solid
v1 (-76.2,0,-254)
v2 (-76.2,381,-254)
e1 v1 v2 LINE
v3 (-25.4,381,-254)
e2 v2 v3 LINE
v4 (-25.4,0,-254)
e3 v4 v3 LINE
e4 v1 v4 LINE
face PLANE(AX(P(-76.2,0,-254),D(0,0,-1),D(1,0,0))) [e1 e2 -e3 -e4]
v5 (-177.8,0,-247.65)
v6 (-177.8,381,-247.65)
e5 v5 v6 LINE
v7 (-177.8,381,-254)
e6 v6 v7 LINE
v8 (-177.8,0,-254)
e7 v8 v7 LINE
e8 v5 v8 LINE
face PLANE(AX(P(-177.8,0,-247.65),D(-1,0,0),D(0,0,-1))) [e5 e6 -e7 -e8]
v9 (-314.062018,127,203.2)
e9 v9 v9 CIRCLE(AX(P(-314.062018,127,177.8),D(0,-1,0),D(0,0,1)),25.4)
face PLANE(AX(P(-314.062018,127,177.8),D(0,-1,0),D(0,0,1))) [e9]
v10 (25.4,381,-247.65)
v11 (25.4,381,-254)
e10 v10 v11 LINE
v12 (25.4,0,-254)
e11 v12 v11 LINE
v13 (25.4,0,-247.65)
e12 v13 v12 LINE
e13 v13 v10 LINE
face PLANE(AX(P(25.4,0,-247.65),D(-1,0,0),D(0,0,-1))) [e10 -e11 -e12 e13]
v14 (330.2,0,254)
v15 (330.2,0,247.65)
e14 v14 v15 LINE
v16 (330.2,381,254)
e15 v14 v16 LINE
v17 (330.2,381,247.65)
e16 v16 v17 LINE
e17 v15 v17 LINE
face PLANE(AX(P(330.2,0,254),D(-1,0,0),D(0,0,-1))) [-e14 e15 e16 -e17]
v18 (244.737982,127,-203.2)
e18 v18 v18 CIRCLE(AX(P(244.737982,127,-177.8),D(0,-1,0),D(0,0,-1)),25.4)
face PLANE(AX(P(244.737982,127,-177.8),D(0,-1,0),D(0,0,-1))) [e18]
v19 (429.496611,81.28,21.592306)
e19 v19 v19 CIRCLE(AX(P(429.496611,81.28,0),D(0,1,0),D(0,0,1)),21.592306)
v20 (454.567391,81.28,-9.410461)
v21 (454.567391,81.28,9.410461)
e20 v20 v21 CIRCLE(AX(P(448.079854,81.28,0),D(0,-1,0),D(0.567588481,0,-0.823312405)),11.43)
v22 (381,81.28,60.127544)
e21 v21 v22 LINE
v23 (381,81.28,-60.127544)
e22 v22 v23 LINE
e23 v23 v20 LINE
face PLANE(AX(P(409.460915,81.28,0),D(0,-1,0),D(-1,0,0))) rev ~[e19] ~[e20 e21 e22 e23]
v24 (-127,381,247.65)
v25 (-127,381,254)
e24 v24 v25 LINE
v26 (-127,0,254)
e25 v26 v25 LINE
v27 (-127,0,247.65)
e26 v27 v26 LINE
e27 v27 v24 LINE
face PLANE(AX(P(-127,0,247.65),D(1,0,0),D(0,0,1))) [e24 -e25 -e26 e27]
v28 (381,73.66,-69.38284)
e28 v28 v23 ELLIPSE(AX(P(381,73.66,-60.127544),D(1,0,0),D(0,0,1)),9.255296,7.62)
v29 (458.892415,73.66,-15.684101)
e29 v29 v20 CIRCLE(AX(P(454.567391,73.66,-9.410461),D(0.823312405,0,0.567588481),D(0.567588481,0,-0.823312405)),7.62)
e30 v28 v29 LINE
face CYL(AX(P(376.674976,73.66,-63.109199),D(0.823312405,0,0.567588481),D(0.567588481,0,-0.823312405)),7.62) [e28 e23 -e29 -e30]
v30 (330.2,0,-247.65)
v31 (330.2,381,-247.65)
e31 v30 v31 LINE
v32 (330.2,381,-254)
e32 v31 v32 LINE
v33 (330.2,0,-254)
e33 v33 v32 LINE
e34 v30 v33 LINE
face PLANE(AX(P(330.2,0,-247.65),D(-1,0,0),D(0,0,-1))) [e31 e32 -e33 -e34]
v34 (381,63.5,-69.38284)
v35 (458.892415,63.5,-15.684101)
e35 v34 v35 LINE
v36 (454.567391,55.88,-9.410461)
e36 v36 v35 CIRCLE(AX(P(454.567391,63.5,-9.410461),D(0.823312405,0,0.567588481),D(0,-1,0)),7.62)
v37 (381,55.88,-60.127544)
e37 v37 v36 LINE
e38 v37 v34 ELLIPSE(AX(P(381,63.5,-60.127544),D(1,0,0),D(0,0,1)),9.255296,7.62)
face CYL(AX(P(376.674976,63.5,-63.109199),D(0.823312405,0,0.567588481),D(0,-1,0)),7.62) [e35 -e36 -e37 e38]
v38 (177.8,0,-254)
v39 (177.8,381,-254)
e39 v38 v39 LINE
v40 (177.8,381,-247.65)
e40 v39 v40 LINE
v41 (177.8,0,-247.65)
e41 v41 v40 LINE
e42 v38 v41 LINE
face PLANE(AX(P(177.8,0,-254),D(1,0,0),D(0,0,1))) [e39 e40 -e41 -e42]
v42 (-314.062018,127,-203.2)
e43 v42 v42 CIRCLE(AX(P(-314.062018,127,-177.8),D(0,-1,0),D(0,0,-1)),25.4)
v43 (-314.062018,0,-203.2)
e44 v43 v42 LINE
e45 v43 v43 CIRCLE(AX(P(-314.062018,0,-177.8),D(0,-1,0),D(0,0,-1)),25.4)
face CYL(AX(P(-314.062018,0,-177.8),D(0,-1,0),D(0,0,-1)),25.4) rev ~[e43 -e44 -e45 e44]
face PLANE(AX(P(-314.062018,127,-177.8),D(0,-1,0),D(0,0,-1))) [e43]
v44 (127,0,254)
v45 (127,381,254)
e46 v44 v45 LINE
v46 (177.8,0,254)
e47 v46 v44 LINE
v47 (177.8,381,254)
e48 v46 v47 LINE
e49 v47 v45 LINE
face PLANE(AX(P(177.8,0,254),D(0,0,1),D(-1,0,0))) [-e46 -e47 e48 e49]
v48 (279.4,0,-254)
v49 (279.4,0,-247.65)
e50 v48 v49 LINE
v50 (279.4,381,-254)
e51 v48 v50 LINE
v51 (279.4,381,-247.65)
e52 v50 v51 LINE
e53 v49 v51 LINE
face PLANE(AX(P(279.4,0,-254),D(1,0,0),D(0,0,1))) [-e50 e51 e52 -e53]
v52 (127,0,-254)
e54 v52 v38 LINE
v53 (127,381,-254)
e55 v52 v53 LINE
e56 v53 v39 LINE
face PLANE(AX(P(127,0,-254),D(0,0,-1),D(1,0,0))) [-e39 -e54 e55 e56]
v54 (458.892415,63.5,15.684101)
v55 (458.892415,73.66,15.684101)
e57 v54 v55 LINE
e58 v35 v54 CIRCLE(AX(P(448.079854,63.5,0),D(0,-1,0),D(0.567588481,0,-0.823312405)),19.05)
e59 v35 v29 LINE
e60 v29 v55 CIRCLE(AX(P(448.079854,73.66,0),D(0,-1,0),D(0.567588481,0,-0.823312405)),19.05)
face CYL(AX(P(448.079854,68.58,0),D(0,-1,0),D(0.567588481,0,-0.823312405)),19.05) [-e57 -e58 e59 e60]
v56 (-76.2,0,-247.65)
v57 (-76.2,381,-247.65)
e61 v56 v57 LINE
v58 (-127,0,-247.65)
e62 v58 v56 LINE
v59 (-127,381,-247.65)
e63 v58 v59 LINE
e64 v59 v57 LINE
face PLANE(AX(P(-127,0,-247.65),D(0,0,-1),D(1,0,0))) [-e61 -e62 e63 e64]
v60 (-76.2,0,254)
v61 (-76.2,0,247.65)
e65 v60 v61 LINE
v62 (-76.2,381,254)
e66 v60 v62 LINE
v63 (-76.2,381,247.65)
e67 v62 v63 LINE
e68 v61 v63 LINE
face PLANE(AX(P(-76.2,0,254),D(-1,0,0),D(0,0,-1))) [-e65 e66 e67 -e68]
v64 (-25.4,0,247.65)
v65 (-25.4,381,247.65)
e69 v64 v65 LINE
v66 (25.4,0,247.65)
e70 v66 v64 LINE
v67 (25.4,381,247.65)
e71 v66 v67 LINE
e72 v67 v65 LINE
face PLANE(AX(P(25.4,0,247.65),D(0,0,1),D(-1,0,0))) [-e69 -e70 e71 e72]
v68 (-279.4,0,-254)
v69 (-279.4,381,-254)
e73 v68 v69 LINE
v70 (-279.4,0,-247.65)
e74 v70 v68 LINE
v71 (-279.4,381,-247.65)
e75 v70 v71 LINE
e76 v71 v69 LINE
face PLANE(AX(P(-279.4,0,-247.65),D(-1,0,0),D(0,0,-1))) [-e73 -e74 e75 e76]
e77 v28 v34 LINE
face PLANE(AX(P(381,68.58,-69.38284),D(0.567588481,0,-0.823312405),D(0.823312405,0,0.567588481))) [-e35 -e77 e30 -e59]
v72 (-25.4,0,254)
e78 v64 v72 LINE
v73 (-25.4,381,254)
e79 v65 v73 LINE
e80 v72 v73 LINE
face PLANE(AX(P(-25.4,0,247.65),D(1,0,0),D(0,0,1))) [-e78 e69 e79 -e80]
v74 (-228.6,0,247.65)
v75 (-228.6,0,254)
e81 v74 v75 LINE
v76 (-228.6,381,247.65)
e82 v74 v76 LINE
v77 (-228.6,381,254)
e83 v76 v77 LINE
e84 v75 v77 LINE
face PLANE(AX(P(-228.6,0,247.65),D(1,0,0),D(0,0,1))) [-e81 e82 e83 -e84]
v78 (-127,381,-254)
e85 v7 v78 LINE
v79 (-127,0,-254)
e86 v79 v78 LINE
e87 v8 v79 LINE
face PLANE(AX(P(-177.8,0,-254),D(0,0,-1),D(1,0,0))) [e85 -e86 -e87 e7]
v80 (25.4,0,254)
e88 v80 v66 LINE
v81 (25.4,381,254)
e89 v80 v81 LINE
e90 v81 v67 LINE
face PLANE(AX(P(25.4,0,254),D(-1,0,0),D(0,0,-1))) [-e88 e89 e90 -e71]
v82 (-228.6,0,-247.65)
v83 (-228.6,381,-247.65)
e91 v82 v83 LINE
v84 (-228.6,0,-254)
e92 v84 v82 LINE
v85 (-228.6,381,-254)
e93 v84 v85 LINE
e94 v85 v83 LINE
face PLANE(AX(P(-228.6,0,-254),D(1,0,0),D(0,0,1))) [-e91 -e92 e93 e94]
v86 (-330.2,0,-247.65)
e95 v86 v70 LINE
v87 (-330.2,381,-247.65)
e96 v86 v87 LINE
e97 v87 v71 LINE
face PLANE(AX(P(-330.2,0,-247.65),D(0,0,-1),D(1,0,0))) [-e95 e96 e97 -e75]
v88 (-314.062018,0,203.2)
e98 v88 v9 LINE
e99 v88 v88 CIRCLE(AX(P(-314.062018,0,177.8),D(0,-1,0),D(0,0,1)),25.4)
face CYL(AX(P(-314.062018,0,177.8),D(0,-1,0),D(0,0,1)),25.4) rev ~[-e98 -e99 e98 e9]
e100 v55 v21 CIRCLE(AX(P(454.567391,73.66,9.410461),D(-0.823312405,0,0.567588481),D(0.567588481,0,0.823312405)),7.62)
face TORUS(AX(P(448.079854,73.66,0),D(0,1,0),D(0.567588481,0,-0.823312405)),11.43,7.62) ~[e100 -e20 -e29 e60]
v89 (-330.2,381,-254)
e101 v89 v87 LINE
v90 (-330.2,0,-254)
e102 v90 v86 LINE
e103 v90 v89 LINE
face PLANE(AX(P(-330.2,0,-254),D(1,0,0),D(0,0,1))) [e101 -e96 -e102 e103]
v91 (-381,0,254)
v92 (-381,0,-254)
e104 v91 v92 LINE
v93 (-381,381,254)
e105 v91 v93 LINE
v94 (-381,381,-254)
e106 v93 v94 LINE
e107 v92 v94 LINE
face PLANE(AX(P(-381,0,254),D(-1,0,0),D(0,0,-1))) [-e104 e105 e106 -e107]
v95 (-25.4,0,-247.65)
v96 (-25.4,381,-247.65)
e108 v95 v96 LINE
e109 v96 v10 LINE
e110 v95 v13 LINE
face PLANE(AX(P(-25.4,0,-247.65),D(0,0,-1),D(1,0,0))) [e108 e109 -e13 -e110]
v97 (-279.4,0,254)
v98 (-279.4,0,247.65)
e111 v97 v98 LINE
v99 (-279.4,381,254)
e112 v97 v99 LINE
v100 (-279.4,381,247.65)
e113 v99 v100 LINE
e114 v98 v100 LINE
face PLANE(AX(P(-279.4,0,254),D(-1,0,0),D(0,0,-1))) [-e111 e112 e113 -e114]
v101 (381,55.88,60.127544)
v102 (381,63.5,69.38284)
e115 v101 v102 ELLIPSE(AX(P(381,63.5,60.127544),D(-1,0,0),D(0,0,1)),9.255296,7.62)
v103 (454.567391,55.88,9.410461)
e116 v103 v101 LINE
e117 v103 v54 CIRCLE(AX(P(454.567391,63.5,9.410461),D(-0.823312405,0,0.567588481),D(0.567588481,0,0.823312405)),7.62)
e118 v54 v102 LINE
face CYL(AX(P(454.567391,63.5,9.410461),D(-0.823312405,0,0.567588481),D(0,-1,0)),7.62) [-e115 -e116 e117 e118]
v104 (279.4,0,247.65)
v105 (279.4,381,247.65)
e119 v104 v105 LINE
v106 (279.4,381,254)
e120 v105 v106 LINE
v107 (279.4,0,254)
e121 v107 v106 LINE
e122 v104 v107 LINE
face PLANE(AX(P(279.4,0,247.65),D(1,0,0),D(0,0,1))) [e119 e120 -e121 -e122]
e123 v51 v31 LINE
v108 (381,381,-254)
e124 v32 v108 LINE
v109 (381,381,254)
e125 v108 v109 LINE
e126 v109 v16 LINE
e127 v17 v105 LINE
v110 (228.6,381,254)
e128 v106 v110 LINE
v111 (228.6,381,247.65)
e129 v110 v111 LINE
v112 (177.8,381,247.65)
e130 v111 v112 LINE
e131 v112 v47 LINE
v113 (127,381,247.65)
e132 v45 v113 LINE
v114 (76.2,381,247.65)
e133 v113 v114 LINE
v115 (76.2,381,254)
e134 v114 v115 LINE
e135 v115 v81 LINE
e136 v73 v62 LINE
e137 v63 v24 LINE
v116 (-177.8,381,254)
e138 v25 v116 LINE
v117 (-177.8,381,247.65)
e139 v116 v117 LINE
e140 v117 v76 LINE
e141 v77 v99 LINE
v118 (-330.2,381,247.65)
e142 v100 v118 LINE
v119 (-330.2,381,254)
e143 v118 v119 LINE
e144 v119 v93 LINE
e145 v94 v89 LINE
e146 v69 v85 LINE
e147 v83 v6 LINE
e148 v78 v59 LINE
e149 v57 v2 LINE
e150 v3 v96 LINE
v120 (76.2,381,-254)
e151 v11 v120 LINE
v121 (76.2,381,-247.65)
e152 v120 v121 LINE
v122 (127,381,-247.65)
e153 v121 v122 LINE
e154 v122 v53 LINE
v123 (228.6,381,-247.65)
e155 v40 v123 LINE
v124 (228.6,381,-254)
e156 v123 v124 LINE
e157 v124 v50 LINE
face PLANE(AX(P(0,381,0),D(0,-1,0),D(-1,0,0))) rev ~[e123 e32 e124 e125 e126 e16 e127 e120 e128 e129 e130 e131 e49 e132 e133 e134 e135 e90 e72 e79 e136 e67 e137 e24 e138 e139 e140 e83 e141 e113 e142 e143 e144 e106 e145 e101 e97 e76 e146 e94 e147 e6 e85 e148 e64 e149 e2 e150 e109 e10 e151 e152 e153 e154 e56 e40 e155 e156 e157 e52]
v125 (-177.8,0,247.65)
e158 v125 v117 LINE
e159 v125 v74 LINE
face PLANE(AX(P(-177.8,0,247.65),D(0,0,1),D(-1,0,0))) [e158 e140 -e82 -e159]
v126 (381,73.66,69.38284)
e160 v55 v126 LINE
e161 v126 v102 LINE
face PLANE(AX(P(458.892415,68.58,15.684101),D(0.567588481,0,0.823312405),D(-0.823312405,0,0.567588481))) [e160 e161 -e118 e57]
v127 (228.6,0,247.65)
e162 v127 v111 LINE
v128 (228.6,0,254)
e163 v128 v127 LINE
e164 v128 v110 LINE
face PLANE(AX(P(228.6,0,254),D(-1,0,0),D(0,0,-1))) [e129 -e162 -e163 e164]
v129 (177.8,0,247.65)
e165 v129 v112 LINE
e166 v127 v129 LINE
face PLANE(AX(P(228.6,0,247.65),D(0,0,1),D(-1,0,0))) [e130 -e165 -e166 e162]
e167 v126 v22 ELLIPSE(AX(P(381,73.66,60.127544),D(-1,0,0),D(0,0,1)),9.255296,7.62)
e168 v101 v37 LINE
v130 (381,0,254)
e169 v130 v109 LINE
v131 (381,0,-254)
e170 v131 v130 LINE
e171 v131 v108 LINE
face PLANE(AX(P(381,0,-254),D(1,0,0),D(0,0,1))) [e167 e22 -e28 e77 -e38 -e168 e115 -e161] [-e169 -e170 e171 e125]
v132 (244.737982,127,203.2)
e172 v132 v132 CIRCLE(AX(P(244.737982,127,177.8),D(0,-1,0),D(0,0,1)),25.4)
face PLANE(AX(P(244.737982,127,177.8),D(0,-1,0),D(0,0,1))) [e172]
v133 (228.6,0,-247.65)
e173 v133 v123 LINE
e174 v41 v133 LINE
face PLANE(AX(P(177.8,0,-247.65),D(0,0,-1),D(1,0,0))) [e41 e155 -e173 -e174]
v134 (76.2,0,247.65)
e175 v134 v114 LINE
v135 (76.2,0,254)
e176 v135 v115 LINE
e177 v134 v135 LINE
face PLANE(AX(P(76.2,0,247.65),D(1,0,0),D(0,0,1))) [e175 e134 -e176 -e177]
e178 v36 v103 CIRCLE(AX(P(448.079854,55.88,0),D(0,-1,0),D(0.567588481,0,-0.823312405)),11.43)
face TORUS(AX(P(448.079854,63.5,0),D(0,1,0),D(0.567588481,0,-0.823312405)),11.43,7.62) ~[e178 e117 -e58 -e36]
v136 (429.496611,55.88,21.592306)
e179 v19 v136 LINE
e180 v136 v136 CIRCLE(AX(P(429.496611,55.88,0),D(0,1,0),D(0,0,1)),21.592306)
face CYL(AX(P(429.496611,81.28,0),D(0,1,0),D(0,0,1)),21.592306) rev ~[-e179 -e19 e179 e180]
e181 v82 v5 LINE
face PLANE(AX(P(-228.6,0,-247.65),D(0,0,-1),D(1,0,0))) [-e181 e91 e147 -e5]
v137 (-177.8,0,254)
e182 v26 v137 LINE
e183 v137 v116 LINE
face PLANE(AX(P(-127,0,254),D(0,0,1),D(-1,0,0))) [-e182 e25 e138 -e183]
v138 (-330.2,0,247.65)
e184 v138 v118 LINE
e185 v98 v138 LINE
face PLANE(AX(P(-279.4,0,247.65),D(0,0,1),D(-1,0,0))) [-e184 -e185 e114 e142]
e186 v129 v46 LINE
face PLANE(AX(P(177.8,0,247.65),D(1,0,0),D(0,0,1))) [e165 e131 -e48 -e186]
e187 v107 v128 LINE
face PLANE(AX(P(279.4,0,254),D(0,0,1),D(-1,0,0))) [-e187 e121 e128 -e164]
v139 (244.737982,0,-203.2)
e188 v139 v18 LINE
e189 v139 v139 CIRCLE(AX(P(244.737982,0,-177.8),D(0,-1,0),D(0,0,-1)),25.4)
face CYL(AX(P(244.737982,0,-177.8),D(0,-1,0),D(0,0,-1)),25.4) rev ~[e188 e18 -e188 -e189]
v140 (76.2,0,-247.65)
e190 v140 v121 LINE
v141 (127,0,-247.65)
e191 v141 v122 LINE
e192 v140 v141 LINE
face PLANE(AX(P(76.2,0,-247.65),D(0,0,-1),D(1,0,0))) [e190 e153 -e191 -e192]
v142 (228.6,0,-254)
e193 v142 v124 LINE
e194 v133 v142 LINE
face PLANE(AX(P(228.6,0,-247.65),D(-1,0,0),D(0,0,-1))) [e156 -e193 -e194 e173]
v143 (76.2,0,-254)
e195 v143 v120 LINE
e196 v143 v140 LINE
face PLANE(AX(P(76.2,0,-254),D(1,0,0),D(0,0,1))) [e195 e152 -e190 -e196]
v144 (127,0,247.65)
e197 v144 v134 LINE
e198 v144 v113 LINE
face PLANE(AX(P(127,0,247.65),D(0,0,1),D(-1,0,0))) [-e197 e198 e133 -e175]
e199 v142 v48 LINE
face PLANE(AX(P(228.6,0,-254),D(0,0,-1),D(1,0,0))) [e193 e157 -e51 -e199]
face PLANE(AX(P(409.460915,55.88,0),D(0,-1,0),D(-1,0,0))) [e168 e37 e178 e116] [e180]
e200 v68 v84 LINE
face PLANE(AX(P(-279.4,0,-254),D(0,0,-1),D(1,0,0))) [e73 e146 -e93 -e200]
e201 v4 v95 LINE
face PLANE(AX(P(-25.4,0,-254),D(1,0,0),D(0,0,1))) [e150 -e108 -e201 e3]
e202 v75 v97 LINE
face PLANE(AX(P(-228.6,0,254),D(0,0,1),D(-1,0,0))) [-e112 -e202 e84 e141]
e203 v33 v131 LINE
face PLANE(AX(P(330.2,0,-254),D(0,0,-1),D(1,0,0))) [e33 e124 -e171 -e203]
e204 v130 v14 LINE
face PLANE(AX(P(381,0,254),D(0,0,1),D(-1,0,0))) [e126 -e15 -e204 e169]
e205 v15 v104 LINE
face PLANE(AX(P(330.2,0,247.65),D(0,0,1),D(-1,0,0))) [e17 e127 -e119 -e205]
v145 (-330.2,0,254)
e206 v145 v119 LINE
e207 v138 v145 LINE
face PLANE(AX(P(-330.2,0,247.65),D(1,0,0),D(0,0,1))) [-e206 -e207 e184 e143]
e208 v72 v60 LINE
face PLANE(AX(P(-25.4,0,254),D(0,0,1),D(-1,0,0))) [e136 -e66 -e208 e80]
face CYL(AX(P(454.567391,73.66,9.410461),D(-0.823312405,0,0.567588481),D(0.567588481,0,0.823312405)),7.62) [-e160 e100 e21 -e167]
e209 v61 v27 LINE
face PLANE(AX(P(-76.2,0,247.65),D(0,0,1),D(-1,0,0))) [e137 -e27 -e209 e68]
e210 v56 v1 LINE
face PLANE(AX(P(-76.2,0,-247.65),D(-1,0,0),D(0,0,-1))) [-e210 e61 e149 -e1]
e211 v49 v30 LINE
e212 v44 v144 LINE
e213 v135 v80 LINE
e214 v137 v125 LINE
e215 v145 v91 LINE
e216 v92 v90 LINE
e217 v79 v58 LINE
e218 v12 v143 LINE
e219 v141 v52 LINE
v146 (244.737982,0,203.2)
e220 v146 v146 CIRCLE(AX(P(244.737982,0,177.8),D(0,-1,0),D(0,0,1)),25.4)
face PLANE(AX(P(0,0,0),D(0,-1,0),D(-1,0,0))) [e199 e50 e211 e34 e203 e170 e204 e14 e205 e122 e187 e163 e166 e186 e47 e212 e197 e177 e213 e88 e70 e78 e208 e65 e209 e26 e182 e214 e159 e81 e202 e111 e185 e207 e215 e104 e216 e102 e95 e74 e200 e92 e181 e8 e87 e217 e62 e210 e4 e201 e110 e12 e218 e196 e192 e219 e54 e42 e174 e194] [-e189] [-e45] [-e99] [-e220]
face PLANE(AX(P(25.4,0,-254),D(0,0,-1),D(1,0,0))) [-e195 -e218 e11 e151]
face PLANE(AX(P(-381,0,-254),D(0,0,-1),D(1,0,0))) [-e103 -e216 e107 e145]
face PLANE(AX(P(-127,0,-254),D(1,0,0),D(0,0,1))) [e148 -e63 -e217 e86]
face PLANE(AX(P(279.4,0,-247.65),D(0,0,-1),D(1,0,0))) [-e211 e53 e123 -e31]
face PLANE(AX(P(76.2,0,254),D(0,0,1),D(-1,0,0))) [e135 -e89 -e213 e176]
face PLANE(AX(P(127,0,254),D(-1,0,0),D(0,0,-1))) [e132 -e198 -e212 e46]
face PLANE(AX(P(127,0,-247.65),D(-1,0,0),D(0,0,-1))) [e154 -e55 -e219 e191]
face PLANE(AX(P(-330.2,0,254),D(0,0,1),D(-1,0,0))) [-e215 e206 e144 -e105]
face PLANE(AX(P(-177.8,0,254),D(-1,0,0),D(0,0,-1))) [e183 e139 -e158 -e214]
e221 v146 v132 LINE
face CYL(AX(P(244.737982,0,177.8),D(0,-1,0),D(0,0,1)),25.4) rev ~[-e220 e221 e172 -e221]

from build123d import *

# Parameters (mm, degrees)
BOSS_EXTRUDE1_DEPTH = 381
BOSS_EXTRUDE2_DEPTH = 12.7
SKETCH4_R           = 21.592305898
CUT_EXTRUDE1_DEPTH  = 25.4
FILLET1_R           = 7.62
SKETCH5_R           = 25.4
CUT_EXTRUDE2_DEPTH  = 127


with BuildPart() as part:
    # Sketch2 → Boss-Extrude1 (new body)
    with BuildSketch(Plane(origin=(0, 0, 0), x_dir=(1, 0, 0), z_dir=(0, 1, 0))):
        Polygon((-381, 254), (-330.2, 254), (-330.2, 247.65), (-279.4, 247.65), (-279.4, 254), (-228.6, 254), (-228.6, 247.65), (-177.8, 247.65), (-177.8, 254), (-127, 254), (-127, 247.65), (-76.2, 247.65), (-76.2, 254), (-25.4, 254), (-25.4, 247.65), (25.4, 247.65), (25.4, 254), (76.2, 254), (76.2, 247.65), (127, 247.65), (127, 254), (177.8, 254), (177.8, 247.65), (228.6, 247.65), (228.6, 254), (279.4, 254), (279.4, 247.65), (330.2, 247.65), (330.2, 254), (381, 254), (381, -254), (330.2, -254), (330.2, -247.65), (279.4, -247.65), (279.4, -254), (228.6, -254), (228.6, -247.65), (177.8, -247.65), (177.8, -254), (127, -254), (127, -247.65), (76.2, -247.65), (76.2, -254), (25.4, -254), (25.4, -247.65), (-25.4, -247.65), (-25.4, -254), (-76.2, -254), (-76.2, -247.65), (-127, -247.65), (-127, -254), (-177.8, -254), (-177.8, -247.65), (-228.6, -247.65), (-228.6, -254), (-279.4, -254), (-279.4, -247.65), (-330.2, -247.65), (-330.2, -254), (-381, -254), align=None)
    extrude(amount=BOSS_EXTRUDE1_DEPTH)

    # Sketch3 → Boss-Extrude2 (add, symmetric)
    with BuildSketch(Plane(origin=(0, 68.58, 0), x_dir=(-1, 0, 0), z_dir=(0, -1, 0))):
        with BuildLine():
            Line((-458.892414986, -15.684101321), (-381, -69.382839719))
            Line((-381, -69.382839719), (-381, 69.382839719))
            Line((-381, 69.382839719), (-458.892414986, 15.684101321))
            ThreePointArc((-458.892414986, 15.684101321), (-467.12985443, 0), (-458.892414986, -15.684101321))
        make_face()
    extrude(amount=BOSS_EXTRUDE2_DEPTH, both=True)

    # Sketch4 → Cut-Extrude1 (cut)
    with BuildSketch(Plane(origin=(0, 81.28, 0), x_dir=(1, 0, 0), z_dir=(0, 1, 0))):
        with Locations(Location((429.496611066, 0, 0), (0, 0, 270))):
            Circle(SKETCH4_R)
    extrude(amount=-CUT_EXTRUDE1_DEPTH, mode=Mode.SUBTRACT)

    # Fillet1
    fillet1_edges = [part.edges().sort_by_distance(p)[0] for p in [
        (419.946207493, 81.28, -42.53347052),
        (467.12985443, 81.28, 0),
        (419.946207493, 81.28, 42.53347052),
        (419.946207493, 55.88, -42.53347052),
        (467.12985443, 55.88, 0),
        (419.946207493, 55.88, 42.53347052),
    ]]
    fillet(fillet1_edges, radius=FILLET1_R)

    # Sketch5 → Cut-Extrude2 (cut)
    with BuildSketch(Plane.XZ):
        with Locations(Location((-314.062017965, -177.8, 0), (0, 0, 270))):
            Circle(SKETCH5_R)
        with Locations(Location((244.737982035, -177.8, 0), (0, 0, 270))):
            Circle(SKETCH5_R)
        with Locations(Location((244.737982035, 177.8, 0), (0, 0, 90))):
            Circle(SKETCH5_R)
        with Locations(Location((-314.062017965, 177.8, 0), (0, 0, 90))):
            Circle(SKETCH5_R)
    extrude(amount=-CUT_EXTRUDE2_DEPTH, mode=Mode.SUBTRACT)


solid = part.part
